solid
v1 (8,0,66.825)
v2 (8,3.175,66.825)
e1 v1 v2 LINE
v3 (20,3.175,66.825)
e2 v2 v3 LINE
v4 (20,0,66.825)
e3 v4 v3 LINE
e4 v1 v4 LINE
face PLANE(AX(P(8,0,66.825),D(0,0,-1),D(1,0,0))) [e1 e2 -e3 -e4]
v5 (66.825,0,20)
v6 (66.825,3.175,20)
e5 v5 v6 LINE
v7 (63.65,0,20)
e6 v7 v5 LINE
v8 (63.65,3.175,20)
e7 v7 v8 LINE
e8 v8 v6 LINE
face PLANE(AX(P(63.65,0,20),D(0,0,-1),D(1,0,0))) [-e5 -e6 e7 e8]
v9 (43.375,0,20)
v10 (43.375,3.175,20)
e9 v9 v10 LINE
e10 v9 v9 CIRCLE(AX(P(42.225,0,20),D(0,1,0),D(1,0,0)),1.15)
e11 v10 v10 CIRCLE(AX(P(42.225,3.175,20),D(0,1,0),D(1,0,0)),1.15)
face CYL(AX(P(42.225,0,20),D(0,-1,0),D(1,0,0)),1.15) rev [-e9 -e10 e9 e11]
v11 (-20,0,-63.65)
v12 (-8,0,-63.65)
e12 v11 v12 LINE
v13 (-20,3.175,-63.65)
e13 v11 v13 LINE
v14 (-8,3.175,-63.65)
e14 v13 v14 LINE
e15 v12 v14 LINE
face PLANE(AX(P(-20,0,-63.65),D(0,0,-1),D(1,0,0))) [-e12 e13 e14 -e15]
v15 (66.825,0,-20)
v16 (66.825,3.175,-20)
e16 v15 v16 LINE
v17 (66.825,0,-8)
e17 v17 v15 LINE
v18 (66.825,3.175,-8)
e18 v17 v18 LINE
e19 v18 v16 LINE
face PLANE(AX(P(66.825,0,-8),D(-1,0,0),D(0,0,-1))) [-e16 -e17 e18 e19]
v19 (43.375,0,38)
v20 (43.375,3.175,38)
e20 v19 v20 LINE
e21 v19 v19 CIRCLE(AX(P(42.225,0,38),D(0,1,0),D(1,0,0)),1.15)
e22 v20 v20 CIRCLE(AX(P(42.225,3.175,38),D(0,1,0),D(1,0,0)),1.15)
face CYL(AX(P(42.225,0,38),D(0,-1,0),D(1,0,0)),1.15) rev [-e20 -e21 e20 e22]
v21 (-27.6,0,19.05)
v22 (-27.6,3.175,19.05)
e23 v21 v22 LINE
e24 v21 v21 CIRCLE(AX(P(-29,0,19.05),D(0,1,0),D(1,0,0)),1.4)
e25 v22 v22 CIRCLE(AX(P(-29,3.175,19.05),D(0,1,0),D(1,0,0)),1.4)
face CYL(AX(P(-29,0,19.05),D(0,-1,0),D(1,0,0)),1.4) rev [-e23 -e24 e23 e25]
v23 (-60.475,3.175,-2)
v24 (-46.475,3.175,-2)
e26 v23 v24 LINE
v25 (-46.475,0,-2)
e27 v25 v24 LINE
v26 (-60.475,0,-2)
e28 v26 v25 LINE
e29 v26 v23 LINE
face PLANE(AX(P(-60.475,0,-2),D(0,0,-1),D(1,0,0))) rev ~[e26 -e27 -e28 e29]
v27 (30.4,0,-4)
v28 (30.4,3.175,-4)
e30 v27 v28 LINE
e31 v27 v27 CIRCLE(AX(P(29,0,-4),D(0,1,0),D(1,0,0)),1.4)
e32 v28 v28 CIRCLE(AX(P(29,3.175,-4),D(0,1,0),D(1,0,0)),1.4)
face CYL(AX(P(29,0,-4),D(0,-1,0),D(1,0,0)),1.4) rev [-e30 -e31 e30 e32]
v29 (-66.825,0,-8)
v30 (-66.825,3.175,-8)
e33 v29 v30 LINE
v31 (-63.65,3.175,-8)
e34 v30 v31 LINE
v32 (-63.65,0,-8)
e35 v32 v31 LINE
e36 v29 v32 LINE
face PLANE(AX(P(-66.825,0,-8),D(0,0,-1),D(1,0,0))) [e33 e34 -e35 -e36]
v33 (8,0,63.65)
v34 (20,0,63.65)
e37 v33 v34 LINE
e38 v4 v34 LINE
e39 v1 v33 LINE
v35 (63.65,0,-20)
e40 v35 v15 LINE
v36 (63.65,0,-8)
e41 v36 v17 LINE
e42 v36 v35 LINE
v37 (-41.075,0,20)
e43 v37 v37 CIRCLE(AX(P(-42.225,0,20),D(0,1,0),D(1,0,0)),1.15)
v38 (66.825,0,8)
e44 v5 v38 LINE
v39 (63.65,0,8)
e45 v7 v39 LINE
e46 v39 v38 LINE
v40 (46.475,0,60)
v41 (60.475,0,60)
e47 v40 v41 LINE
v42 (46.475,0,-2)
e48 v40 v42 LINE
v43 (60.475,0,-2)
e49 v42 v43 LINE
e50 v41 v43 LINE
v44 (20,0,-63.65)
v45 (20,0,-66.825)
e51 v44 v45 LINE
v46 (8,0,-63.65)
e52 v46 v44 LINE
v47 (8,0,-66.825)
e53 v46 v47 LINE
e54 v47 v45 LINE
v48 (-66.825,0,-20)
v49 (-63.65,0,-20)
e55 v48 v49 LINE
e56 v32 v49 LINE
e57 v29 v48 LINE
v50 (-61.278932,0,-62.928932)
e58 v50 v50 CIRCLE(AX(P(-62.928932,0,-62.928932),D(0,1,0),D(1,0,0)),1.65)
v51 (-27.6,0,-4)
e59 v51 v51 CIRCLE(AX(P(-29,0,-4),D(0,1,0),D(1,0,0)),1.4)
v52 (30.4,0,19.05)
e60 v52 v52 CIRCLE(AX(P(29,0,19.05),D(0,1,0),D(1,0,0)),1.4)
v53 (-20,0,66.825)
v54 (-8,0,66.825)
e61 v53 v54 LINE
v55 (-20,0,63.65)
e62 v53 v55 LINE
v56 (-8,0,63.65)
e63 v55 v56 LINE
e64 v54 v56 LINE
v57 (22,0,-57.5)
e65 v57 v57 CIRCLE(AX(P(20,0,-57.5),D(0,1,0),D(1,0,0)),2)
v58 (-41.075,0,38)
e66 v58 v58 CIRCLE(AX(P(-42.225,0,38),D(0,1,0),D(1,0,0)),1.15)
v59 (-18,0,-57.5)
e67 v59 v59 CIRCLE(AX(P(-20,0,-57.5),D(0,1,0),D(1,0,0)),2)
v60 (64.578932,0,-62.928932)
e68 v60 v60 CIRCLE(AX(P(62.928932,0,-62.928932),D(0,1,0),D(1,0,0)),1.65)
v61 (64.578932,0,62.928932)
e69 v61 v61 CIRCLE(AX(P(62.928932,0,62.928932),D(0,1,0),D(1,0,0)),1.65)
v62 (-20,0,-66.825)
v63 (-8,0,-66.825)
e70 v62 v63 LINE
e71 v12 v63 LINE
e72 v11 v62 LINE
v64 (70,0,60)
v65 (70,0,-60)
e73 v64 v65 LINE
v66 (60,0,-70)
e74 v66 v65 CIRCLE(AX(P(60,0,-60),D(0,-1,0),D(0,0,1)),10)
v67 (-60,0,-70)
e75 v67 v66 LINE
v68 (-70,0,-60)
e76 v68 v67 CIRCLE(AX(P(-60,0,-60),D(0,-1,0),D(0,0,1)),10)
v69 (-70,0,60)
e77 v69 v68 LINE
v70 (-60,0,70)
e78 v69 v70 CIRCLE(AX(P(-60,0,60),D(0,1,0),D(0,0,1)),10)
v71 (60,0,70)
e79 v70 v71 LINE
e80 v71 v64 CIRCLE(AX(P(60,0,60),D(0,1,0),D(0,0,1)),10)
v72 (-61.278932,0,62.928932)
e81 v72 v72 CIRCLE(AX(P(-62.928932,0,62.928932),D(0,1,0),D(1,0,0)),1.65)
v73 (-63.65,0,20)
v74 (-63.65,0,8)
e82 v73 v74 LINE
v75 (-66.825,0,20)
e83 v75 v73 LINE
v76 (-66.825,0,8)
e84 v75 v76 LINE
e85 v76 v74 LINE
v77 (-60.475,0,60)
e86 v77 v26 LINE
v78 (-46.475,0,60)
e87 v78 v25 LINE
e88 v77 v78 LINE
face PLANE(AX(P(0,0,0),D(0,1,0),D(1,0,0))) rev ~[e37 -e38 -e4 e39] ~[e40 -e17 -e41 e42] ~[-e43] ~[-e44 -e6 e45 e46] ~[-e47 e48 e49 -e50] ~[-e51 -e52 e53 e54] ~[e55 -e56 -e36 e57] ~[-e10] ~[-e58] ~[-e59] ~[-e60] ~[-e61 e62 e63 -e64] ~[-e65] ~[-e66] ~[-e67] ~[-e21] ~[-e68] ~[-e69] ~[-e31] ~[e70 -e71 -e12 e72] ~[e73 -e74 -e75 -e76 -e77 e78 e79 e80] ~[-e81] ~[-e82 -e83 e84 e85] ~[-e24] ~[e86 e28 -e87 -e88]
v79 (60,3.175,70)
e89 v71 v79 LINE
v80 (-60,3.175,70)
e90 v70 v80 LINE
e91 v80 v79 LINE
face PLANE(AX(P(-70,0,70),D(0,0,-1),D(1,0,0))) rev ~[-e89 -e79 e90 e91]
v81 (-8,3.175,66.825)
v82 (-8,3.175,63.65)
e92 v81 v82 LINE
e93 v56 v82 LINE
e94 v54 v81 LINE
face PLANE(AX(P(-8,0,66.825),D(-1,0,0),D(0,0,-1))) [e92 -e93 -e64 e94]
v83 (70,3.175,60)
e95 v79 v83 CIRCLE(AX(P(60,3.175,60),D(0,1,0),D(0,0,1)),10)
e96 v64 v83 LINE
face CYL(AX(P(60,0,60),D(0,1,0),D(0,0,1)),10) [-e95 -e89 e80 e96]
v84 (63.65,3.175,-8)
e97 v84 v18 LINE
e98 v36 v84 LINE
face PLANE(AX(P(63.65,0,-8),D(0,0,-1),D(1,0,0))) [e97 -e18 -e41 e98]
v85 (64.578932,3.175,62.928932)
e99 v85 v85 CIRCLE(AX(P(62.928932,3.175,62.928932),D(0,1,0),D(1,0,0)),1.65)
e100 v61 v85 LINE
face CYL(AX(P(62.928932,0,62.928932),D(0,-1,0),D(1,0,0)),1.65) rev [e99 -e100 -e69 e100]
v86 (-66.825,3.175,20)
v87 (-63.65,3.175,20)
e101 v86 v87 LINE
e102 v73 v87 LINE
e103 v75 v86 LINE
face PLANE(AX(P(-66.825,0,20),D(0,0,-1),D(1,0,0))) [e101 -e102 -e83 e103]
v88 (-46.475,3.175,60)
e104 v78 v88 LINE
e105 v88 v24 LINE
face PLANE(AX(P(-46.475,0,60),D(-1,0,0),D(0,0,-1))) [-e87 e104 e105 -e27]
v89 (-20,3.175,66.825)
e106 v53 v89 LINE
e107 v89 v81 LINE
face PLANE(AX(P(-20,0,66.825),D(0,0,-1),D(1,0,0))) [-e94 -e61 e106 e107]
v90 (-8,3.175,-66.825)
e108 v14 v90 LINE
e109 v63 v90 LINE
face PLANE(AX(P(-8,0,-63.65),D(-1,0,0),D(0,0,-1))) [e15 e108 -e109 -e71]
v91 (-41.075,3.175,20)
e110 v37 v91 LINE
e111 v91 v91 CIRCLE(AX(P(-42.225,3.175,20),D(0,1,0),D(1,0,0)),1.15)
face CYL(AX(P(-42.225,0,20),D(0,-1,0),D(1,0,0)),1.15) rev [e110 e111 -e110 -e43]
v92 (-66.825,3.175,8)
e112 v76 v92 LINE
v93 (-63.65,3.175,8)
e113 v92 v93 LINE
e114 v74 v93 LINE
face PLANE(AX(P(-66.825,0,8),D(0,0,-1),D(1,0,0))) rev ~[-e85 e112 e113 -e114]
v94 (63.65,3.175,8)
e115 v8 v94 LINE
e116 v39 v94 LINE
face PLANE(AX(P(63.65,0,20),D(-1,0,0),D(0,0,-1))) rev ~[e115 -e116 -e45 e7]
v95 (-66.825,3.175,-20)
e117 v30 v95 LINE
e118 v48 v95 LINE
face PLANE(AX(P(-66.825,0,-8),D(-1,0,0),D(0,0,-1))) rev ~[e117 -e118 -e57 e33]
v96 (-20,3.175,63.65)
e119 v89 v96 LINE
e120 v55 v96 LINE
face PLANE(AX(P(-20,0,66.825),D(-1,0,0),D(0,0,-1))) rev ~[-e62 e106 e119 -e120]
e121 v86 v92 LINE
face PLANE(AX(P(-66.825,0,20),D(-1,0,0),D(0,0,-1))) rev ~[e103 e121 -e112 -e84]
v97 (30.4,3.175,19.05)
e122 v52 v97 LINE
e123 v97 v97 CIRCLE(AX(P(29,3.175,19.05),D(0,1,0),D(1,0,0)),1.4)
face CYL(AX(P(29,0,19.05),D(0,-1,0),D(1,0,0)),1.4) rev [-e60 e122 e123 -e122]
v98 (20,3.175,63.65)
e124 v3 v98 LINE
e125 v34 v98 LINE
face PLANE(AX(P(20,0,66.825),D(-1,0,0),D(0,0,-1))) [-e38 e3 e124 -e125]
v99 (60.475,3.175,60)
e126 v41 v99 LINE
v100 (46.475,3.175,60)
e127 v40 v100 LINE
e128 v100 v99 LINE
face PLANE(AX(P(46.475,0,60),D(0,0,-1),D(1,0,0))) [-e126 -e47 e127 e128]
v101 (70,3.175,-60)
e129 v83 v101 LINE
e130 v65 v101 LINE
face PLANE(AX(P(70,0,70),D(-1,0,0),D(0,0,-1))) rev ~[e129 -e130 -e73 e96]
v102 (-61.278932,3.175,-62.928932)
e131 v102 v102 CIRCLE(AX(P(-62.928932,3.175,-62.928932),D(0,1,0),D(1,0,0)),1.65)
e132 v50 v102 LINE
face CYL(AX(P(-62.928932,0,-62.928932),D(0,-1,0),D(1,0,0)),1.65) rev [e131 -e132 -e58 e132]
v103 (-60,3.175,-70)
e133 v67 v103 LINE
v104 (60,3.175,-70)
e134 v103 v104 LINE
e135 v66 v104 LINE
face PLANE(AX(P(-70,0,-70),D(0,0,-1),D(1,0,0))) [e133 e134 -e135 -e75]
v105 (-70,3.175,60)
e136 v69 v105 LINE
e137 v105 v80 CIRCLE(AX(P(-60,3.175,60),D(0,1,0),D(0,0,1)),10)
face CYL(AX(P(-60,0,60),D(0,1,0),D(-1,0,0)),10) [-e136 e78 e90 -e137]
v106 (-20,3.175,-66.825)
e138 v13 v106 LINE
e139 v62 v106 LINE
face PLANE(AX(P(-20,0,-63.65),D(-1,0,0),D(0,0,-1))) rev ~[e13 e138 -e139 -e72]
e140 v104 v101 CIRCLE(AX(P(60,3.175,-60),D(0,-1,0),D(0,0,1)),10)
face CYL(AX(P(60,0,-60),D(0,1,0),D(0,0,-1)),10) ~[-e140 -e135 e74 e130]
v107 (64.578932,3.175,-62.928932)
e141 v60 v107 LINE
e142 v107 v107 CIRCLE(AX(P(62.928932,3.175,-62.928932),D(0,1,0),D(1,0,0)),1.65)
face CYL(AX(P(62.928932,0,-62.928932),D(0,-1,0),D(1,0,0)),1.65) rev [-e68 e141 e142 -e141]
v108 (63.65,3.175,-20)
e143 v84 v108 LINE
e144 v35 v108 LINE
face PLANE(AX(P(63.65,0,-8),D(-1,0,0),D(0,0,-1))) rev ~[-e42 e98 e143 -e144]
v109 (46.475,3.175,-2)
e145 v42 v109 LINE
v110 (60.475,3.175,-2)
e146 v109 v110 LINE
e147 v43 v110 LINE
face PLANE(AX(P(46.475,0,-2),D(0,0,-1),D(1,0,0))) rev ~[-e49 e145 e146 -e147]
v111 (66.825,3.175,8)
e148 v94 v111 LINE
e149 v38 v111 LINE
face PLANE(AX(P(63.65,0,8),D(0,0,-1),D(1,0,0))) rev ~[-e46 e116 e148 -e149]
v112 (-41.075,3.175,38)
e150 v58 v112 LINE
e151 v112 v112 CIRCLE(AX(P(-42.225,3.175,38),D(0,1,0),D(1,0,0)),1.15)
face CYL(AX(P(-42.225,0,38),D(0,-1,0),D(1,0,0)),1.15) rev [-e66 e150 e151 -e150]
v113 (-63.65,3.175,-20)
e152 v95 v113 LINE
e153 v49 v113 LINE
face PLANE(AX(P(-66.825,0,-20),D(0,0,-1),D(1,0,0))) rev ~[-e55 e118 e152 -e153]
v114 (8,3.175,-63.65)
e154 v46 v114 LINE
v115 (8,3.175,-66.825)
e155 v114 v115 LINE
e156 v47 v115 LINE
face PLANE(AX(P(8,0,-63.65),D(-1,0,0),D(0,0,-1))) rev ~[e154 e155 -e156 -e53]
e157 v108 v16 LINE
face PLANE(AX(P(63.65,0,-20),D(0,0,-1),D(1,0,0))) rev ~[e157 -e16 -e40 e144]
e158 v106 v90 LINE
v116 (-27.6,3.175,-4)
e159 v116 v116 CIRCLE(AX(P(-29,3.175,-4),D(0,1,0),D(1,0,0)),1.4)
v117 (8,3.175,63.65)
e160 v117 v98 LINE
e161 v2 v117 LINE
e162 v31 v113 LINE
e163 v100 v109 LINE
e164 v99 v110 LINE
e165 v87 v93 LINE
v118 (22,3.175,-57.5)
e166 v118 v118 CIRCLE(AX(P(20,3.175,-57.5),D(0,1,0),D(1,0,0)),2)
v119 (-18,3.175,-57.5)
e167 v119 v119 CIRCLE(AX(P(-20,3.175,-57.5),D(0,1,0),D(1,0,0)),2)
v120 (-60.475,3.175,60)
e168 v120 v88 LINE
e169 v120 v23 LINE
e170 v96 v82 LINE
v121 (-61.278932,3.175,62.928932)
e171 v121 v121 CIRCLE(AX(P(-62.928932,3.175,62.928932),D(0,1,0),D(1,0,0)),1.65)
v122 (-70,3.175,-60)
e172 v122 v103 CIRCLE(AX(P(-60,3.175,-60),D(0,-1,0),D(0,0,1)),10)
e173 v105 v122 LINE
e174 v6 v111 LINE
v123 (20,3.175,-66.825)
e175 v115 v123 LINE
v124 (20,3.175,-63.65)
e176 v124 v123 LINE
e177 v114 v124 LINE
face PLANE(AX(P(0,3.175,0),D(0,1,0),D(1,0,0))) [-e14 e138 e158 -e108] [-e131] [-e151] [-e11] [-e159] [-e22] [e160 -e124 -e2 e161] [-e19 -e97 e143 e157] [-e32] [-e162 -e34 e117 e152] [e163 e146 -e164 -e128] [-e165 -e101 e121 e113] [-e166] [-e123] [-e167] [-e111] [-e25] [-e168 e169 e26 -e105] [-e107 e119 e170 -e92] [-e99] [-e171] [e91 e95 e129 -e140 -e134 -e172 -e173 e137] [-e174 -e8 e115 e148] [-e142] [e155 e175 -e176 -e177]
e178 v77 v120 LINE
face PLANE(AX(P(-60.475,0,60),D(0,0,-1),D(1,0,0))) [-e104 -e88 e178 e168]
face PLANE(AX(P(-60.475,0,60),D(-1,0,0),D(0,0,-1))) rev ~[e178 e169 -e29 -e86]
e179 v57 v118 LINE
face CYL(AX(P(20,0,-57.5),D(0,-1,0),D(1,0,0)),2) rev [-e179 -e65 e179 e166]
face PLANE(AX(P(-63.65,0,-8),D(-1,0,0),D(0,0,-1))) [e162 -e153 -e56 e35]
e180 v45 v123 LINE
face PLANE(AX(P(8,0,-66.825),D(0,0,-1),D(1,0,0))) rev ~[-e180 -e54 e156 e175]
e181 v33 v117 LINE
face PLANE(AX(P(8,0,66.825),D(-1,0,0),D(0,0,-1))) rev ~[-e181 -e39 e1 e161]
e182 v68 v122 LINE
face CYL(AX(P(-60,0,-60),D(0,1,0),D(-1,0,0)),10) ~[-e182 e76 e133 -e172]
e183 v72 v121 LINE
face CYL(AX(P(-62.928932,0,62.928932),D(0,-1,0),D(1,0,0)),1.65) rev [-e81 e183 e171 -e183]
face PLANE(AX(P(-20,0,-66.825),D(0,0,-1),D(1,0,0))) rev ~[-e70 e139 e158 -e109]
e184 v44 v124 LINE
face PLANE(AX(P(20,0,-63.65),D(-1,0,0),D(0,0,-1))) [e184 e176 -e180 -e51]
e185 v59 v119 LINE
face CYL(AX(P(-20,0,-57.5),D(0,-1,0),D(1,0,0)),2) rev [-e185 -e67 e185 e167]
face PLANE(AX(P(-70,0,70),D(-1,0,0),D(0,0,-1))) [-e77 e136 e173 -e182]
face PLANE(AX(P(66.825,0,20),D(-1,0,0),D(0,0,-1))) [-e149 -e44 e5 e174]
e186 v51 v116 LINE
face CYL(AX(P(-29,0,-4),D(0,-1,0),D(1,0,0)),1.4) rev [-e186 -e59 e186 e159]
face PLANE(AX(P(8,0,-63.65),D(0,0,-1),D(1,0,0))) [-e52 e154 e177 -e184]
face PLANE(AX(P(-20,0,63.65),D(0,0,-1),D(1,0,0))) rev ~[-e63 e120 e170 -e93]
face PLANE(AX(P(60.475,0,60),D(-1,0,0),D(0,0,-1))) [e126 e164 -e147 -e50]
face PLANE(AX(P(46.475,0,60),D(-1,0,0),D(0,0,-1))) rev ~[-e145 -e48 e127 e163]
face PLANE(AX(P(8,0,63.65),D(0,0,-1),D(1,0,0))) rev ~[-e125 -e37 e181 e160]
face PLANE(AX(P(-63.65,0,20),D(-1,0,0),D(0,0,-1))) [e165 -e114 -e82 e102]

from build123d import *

# Parameters (mm, degrees)
SKETCH1_W           = 140
SKETCH1_H           = 140
SKETCH1_R           = 1.4
SKETCH1_R_2         = 1.15
SKETCH1_R_3         = 2
SKETCH1_R_4         = 1.65
SKETCH1_W_2         = 14
SKETCH1_H_2         = 62
SKETCH1_W_3         = 3.175
SKETCH1_H_3         = 12
SKETCH1_W_4         = 12
SKETCH1_H_4         = 3.175
BOSS_EXTRUDE1_DEPTH = 3.175
FILLET1_R           = 10


with BuildPart() as part:
    # Sketch1 → Boss-Extrude1 (new body)
    with BuildSketch(Plane(origin=(0, 0, 0), x_dir=(1, 0, 0), z_dir=(0, 1, 0))):
        Rectangle(SKETCH1_W, SKETCH1_H)
        with Locations((29, 4)):
            Circle(SKETCH1_R, mode=Mode.SUBTRACT)
        with Locations((29, -19.05)):
            Circle(SKETCH1_R, mode=Mode.SUBTRACT)
        with Locations((-29, -19.05)):
            Circle(SKETCH1_R, mode=Mode.SUBTRACT)
        with Locations((-29, 4)):
            Circle(SKETCH1_R, mode=Mode.SUBTRACT)
        with Locations((42.225, -20)):
            Circle(SKETCH1_R_2, mode=Mode.SUBTRACT)
        with Locations((42.225, -38)):
            Circle(SKETCH1_R_2, mode=Mode.SUBTRACT)
        with Locations((-42.225, -38)):
            Circle(SKETCH1_R_2, mode=Mode.SUBTRACT)
        with Locations((-42.225, -20)):
            Circle(SKETCH1_R_2, mode=Mode.SUBTRACT)
        with Locations((20, 57.5)):
            Circle(SKETCH1_R_3, mode=Mode.SUBTRACT)
        with Locations((-20, 57.5)):
            Circle(SKETCH1_R_3, mode=Mode.SUBTRACT)
        with Locations((62.928932188, -62.928932188)):
            Circle(SKETCH1_R_4, mode=Mode.SUBTRACT)
        with Locations((62.928932188, 62.928932188)):
            Circle(SKETCH1_R_4, mode=Mode.SUBTRACT)
        with Locations((-62.928932188, -62.928932188)):
            Circle(SKETCH1_R_4, mode=Mode.SUBTRACT)
        with Locations((-62.928932188, 62.928932188)):
            Circle(SKETCH1_R_4, mode=Mode.SUBTRACT)
        with Locations((-53.475, -29)):
            Rectangle(SKETCH1_W_2, SKETCH1_H_2, mode=Mode.SUBTRACT)
        with Locations((53.475, -29)):
            Rectangle(SKETCH1_W_2, SKETCH1_H_2, mode=Mode.SUBTRACT)
        with Locations((-65.2375, -14)):
            Rectangle(SKETCH1_W_3, SKETCH1_H_3, mode=Mode.SUBTRACT)
        with Locations((65.2375, -14)):
            Rectangle(SKETCH1_W_3, SKETCH1_H_3, mode=Mode.SUBTRACT)
        with Locations((14, -65.2375)):
            Rectangle(SKETCH1_W_4, SKETCH1_H_4, mode=Mode.SUBTRACT)
        with Locations((-14, -65.2375)):
            Rectangle(SKETCH1_W_4, SKETCH1_H_4, mode=Mode.SUBTRACT)
        with Locations((65.2375, 14)):
            Rectangle(SKETCH1_W_3, SKETCH1_H_3, mode=Mode.SUBTRACT)
        with Locations((14, 65.2375)):
            Rectangle(SKETCH1_W_4, SKETCH1_H_4, mode=Mode.SUBTRACT)
        with Locations((-14, 65.2375)):
            Rectangle(SKETCH1_W_4, SKETCH1_H_4, mode=Mode.SUBTRACT)
        with Locations((-65.2375, 14)):
            Rectangle(SKETCH1_W_3, SKETCH1_H_3, mode=Mode.SUBTRACT)
    extrude(amount=BOSS_EXTRUDE1_DEPTH)

    # Fillet1
    fillet1_edges = [part.edges().sort_by_distance(p)[0] for p in [
        (70, 1.5875, 70),
        (-70, 1.5875, 70),
        (-70, 1.5875, -70),
        (70, 1.5875, -70),
    ]]
    fillet(fillet1_edges, radius=FILLET1_R)


solid = part.part
